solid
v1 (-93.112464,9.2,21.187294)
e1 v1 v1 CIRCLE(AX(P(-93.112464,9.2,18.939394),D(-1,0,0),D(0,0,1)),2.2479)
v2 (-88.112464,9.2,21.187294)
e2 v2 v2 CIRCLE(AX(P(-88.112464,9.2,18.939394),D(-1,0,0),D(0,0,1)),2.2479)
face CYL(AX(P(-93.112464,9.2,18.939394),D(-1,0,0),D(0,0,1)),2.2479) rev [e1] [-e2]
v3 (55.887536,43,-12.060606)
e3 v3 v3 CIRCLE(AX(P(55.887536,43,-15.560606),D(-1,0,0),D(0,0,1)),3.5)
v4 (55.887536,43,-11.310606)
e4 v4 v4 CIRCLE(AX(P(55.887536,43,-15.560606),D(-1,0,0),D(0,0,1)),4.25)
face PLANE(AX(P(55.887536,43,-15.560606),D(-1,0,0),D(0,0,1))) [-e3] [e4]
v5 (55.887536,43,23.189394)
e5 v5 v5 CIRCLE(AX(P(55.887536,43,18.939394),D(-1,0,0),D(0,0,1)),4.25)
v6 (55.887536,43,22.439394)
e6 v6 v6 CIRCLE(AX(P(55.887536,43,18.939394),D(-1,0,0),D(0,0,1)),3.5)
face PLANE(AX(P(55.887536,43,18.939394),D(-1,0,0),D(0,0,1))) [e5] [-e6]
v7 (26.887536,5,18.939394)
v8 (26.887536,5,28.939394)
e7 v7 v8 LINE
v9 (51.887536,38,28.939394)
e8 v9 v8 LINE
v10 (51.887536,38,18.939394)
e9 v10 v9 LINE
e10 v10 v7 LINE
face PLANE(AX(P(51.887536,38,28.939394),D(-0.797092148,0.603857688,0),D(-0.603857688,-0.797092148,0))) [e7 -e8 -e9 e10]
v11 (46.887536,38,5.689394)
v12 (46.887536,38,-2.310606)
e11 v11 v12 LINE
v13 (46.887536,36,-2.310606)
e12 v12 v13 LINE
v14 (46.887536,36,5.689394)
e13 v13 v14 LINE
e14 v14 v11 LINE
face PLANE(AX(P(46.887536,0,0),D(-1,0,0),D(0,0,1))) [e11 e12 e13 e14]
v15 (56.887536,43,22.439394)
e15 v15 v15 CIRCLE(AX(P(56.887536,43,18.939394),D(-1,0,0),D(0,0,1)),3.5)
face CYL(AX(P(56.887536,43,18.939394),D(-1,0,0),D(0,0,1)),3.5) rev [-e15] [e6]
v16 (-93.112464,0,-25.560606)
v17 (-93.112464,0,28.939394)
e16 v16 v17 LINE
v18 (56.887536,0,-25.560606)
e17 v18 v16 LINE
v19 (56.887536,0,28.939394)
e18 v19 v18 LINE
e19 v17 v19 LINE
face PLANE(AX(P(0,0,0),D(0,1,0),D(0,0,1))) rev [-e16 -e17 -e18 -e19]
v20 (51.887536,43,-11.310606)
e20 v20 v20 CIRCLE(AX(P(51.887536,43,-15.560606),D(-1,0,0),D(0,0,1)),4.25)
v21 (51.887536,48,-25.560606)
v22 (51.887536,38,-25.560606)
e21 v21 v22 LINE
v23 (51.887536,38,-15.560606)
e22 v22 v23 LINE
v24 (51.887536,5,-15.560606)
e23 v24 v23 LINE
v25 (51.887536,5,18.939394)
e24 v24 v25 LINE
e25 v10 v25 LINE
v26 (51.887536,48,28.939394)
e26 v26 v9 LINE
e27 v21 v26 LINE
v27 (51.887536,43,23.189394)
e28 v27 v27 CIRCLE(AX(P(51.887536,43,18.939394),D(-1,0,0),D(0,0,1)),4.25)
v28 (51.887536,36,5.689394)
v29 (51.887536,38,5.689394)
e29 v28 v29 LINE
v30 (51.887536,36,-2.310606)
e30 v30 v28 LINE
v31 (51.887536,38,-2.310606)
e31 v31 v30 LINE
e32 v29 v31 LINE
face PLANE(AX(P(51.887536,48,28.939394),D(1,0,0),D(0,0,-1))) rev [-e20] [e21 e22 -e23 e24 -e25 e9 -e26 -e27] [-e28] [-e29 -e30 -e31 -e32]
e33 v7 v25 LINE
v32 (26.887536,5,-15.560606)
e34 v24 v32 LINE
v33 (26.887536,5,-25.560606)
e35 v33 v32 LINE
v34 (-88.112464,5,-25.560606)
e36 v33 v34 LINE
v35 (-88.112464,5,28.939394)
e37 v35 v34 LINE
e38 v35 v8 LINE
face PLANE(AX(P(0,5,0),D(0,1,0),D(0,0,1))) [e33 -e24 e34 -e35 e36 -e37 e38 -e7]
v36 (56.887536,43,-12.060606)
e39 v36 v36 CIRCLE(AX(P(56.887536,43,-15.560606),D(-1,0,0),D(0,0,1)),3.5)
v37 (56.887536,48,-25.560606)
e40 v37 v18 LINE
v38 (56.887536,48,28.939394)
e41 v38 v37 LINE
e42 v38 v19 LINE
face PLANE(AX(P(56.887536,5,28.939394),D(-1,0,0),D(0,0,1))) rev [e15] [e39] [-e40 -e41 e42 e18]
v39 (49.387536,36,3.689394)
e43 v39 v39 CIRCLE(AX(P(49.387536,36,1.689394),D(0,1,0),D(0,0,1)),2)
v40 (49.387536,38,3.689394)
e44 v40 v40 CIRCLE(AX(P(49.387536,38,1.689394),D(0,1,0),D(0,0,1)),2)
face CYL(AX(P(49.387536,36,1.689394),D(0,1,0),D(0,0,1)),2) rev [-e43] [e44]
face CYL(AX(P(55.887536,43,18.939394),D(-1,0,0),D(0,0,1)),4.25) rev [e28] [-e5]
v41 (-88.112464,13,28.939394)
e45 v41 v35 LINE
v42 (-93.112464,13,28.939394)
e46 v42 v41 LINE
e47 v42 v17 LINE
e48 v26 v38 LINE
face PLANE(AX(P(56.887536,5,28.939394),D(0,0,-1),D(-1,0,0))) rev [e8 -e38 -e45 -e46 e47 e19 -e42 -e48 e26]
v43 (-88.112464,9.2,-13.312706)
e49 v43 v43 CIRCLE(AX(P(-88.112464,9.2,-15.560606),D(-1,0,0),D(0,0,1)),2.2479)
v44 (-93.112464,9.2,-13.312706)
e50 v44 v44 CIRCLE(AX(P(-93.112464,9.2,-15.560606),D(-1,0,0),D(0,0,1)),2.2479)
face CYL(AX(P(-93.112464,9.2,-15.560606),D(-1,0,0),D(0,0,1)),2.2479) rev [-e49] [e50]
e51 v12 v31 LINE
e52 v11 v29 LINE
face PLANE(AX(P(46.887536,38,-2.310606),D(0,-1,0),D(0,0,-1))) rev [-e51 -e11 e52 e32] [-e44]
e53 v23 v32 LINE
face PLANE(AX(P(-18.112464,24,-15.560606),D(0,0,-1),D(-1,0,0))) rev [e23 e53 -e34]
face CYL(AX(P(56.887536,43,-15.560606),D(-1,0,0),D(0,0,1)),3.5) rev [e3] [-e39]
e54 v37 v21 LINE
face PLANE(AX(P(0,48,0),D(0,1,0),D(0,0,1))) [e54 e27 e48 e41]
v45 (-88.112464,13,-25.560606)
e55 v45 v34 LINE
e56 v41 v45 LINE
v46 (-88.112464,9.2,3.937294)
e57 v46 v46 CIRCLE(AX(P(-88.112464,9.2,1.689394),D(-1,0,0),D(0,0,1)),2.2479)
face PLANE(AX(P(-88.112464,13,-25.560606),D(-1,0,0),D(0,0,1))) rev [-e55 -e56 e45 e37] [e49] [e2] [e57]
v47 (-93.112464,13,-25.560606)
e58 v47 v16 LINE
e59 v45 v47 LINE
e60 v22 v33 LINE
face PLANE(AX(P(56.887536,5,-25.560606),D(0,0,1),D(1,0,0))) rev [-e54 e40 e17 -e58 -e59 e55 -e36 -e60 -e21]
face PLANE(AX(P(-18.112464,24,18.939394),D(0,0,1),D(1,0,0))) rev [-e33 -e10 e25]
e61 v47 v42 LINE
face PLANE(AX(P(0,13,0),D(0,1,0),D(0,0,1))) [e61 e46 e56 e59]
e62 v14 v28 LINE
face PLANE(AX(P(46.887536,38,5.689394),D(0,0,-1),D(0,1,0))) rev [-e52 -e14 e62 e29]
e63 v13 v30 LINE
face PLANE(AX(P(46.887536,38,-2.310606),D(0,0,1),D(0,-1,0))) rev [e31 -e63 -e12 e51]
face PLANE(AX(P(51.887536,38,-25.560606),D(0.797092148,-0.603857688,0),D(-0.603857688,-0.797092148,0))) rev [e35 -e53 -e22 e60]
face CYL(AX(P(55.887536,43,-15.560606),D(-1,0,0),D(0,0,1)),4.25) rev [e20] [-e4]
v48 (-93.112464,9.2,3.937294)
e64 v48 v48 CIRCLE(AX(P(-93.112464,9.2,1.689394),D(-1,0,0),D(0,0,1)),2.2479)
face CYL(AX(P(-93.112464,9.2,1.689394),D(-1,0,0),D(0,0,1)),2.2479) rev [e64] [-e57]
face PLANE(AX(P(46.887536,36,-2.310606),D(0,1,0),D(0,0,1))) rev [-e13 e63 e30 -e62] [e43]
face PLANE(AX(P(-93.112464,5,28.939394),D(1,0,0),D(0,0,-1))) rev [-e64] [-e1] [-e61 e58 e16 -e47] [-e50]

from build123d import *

# Parameters (mm, degrees)
SKETCH1_W                 = 150
SKETCH1_H                 = 54.5
BOSS_EXTRUDE1_DEPTH       = 5
SKETCH2_W                 = 5
SKETCH2_H                 = 54.5
BOSS_EXTRUDE2_DEPTH       = 8
F_8_CLEARANCE_HOLE1_D     = 4.4958
F_8_CLEARANCE_HOLE1_DEPTH = 17
F_8_CLEARANCE_HOLE1_TIP   = 1.350674586
SKETCH7_W                 = 5
SKETCH7_H                 = 54.5
BOSS_EXTRUDE3_DEPTH       = 43
SKETCH8_R                 = 4.25
CUT_EXTRUDE1_DEPTH        = 4
RIB1_REACH                = 120.085
SKETCH10_WALL_W           = 279.571445908
SKETCH10_WALL_H           = 10
RIB3_REACH                = 120.085
SKETCH12_WALL_W           = 279.571445908
SKETCH12_WALL_H           = 10
SKETCH13_W                = 8
SKETCH13_H                = 2
BOSS_EXTRUDE4_DEPTH       = 5
SKETCH14_R                = 2
CUT_EXTRUDE2_DEPTH        = 2
SKETCH15_R                = 3.5
CUT_EXTRUDE3_DEPTH        = 1


with BuildPart() as part:
    # Sketch1 → Boss-Extrude1 (new body)
    with BuildSketch(Plane(origin=(0, 0, 0), x_dir=(1, 0, 0), z_dir=(0, 1, 0))):
        with Locations((-18.112463826, -1.689393939)):
            Rectangle(SKETCH1_W, SKETCH1_H)
    extrude(amount=BOSS_EXTRUDE1_DEPTH)

    # Sketch2 → Boss-Extrude2 (add)
    with BuildSketch(Plane(origin=(0, 5, 0), x_dir=(1, 0, 0), z_dir=(0, 1, 0))):
        with Locations((-90.612463826, -1.689393939)):
            Rectangle(SKETCH2_W, SKETCH2_H)
    extrude(amount=BOSS_EXTRUDE2_DEPTH)

    # #8 Clearance Hole1
    with Locations(Plane(origin=(-93.112463826, 9.2, -15.560606061), x_dir=(0, 0, -1), z_dir=(-1, 0, 0))):
        with Locations((0, 0), (-17.25, 0), (-34.5, 0)):
            Hole(F_8_CLEARANCE_HOLE1_D / 2, depth=F_8_CLEARANCE_HOLE1_DEPTH)
            with Locations((0, 0, -(F_8_CLEARANCE_HOLE1_DEPTH + F_8_CLEARANCE_HOLE1_TIP / 2))):  # 118° drill point
                Cone(0, F_8_CLEARANCE_HOLE1_D / 2, F_8_CLEARANCE_HOLE1_TIP, mode=Mode.SUBTRACT)

    # Sketch7 → Boss-Extrude3 (add)
    with BuildSketch(Plane(origin=(0, 5, 0), x_dir=(1, 0, 0), z_dir=(0, 1, 0))):
        with Locations((54.387536174, -1.689393939)):
            Rectangle(SKETCH7_W, SKETCH7_H)
    extrude(amount=BOSS_EXTRUDE3_DEPTH)

    # Sketch8 → Cut-Extrude1 (cut)
    with BuildSketch(Plane.ZY.offset(-51.887536174)):
        with Locations((-15.560606061, 43)):
            Circle(SKETCH8_R)
        with Locations((18.939393939, 43)):
            Circle(SKETCH8_R)
    extrude(amount=-CUT_EXTRUDE1_DEPTH, mode=Mode.SUBTRACT)

    # Sketch10 wall → Rib1 (add, up to next)
    with BuildSketch(Plane(origin=(39.387536174, 21.5, -25.560606061), x_dir=(-0.603857687995, -0.797092148154, 0), z_dir=(-0.797092148154, 0.603857687995, 0)), mode=Mode.PRIVATE) as rib1_sk1:
        with Locations((0, 5)):
            Rectangle(SKETCH10_WALL_W, SKETCH10_WALL_H)
    rib1_tool1 = extrude(rib1_sk1.sketch, amount=-RIB1_REACH, mode=Mode.PRIVATE) - part.part
    add(rib1_tool1.solids().sort_by_distance((39.387536174, 21.5, -25.560606061))[0])

    # Sketch12 wall → Rib3 (add, up to next)
    with BuildSketch(Plane(origin=(39.387536174, 21.5, 28.939393939), x_dir=(-0.603857687995, -0.797092148154, 0), z_dir=(0.797092148154, -0.603857687995, 0)), mode=Mode.PRIVATE) as rib3_sk1:
        with Locations((0, 5)):
            Rectangle(SKETCH12_WALL_W, SKETCH12_WALL_H)
    rib3_tool1 = extrude(rib3_sk1.sketch, amount=RIB3_REACH, mode=Mode.PRIVATE) - part.part
    add(rib3_tool1.solids().sort_by_distance((39.387536174, 21.5, 28.939393939))[0])

    # Sketch13 → Boss-Extrude4 (add)
    with BuildSketch(Plane.ZY.offset(-51.887536174)):
        with Locations((1.689393939, 37)):
            Rectangle(SKETCH13_W, SKETCH13_H)
    extrude(amount=BOSS_EXTRUDE4_DEPTH)

    # Sketch14 → Cut-Extrude2 (cut)
    with BuildSketch(Plane(origin=(0, 38, 0), x_dir=(1, 0, 0), z_dir=(0, 1, 0))):
        with Locations(Location((49.387536174, -1.689393939, 0), (0, 0, 270))):
            Circle(SKETCH14_R)
    extrude(amount=-CUT_EXTRUDE2_DEPTH, mode=Mode.SUBTRACT)

    # Sketch15 → Cut-Extrude3 (cut)
    with BuildSketch(Plane.ZY.offset(-55.887536174)):
        with Locations((-15.560606061, 43)):
            Circle(SKETCH15_R)
        with Locations((18.939393939, 43)):
            Circle(SKETCH15_R)
    extrude(amount=-CUT_EXTRUDE3_DEPTH, mode=Mode.SUBTRACT)


solid = part.part
